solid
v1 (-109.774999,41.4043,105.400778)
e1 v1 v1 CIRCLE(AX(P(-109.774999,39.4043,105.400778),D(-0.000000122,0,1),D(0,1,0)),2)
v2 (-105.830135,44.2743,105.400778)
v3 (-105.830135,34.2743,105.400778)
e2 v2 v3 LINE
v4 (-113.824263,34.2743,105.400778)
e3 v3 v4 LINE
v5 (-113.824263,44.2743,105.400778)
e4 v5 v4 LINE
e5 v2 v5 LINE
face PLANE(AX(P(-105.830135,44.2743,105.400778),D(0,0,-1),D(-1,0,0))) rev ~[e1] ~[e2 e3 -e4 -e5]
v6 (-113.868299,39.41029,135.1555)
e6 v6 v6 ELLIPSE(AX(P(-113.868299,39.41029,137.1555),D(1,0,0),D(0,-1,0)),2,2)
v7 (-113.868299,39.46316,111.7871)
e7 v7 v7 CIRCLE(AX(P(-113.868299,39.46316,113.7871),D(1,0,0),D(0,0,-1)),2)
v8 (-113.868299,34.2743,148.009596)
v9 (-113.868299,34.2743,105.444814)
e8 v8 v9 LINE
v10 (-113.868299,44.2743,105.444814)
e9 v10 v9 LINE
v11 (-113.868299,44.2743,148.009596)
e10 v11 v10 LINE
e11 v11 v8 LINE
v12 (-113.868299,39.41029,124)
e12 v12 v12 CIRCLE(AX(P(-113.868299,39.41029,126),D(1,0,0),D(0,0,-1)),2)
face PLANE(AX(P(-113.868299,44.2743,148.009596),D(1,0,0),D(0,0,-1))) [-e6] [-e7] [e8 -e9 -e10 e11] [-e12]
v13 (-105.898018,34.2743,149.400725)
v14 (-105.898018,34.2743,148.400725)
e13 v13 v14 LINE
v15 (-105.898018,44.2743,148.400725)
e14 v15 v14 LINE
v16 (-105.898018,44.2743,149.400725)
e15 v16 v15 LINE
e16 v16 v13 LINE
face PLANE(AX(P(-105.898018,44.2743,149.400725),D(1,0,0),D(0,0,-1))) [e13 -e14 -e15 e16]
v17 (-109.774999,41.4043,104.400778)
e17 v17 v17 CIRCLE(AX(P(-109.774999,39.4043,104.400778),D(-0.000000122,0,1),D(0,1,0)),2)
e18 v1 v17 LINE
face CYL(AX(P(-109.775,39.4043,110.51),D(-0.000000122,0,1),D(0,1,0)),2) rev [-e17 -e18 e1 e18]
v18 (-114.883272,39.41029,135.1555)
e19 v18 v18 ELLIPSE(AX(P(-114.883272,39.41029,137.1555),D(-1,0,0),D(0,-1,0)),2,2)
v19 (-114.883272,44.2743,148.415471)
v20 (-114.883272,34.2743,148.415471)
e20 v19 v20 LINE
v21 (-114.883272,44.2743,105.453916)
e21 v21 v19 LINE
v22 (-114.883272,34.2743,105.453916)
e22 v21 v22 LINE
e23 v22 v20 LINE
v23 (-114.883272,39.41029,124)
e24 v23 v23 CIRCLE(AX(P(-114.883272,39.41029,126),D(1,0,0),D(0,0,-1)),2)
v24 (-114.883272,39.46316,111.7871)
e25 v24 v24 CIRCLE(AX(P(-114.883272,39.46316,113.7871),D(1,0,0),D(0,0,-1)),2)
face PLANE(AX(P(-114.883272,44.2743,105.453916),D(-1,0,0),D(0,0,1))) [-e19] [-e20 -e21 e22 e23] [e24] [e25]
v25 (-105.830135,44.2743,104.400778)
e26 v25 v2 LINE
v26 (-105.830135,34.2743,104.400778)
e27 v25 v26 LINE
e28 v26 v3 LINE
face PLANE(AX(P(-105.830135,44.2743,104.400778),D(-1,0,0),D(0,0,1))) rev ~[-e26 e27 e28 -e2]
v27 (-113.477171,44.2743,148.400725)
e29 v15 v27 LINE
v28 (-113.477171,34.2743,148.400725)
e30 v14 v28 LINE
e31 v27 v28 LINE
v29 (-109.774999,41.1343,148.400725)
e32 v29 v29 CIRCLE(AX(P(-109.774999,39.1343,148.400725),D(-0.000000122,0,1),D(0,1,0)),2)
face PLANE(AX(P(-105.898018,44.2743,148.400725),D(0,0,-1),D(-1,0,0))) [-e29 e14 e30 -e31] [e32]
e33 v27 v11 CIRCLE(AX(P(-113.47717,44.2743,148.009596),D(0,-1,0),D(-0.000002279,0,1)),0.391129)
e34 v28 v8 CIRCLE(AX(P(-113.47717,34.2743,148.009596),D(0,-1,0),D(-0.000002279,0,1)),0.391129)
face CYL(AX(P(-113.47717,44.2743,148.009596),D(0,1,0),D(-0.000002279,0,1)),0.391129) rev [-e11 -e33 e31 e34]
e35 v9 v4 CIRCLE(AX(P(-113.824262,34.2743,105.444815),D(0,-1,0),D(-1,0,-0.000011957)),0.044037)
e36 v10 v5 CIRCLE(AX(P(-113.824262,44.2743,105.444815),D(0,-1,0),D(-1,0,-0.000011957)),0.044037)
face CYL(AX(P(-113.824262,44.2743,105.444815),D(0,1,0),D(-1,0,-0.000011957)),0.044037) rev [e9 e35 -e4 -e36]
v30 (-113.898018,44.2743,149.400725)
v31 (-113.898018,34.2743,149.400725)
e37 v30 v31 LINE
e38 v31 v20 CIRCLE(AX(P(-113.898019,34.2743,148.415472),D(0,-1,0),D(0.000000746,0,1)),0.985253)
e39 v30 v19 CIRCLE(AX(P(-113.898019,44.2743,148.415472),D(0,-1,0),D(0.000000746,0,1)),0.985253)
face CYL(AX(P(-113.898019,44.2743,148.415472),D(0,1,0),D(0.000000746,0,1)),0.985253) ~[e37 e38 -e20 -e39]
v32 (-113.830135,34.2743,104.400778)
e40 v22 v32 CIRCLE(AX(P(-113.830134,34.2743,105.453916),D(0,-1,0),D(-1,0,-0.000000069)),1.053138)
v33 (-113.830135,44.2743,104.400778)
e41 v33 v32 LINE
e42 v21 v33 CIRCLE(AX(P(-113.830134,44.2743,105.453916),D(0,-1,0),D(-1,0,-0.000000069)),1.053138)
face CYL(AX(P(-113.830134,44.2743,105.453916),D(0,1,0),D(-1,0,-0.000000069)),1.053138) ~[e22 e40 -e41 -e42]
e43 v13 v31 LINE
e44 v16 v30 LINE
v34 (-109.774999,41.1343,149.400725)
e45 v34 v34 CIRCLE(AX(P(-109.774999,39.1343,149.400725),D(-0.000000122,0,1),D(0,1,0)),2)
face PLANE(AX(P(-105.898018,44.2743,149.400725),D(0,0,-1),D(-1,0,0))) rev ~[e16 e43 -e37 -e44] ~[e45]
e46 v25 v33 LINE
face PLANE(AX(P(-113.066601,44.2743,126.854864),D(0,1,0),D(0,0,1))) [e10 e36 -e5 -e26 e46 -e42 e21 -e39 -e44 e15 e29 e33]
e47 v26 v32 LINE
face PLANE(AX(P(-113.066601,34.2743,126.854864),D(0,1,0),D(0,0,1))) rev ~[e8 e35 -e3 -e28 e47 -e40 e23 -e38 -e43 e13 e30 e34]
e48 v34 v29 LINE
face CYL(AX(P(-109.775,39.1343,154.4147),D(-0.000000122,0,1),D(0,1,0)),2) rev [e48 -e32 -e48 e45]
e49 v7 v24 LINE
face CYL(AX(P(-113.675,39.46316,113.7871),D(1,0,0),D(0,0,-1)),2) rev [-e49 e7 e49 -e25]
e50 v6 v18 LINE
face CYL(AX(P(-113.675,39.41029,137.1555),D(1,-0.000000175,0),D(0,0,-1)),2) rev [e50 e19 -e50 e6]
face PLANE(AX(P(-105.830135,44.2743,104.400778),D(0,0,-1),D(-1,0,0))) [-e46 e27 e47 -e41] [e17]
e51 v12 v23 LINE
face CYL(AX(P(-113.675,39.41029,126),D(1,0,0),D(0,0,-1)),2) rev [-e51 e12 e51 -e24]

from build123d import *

# Parameters (mm, degrees)
CYLINDER030_R               = 2
CYLINDER030_DEPTH           = 10
CYLINDER030_PITCH_ANGLE     = 90
CYLINDER030_PLACEMENT_ANGLE = 7e-06
CYLINDER031_R               = 2
CYLINDER031_DEPTH           = 10
CYLINDER031_PITCH_ANGLE     = 90
CYLINDER031_PLACEMENT_ANGLE = 7e-06
CYLINDER026_R               = 2
CYLINDER026_DEPTH           = 2
CYLINDER026_ROLL_ANGLE      = -88.507054
CYLINDER026_PITCH_ANGLE     = -87.01751
CYLINDER026_PLACEMENT_ANGLE = -92.244015
CYLINDER028_R               = 2
CYLINDER028_DEPTH           = 2
CYLINDER028_PLACEMENT_ANGLE = 90.00001
CYLINDER029_R               = 2
CYLINDER029_DEPTH           = 2
CYLINDER029_ROLL_ANGLE      = 90
CYLINDER027_R               = 2
CYLINDER027_DEPTH           = 2
CYLINDER027_ROLL_ANGLE      = 90
CYLINDER025_R               = 2
CYLINDER025_DEPTH           = 2
CYLINDER025_ROLL_ANGLE      = -88.507054
CYLINDER025_PITCH_ANGLE     = -87.01751
CYLINDER025_PLACEMENT_ANGLE = -92.244015
PAD006_DEPTH                = 10
CUT035_PITCH_ANGLE          = 90
CUT035_PLACEMENT_ANGLE      = -90


with BuildPart() as cylinder030:
    # Cylinder030 → Cylinder030 (new body)
    with BuildSketch(Plane.XY):
        Circle(CYLINDER030_R)
    extrude(amount=CYLINDER030_DEPTH)


with BuildPart() as cylinder030_1:
    # Cylinder030 pitch: moved
    add(cylinder030.part.rotate(Axis((0, 0, 0), (0, 1, 0)), CYLINDER030_PITCH_ANGLE))


with BuildPart() as cylinder030_2:
    # Cylinder030 placement: moved
    add(cylinder030_1.part.moved(Location((15.49, 3.9, 4.87))).rotate(Axis((15.49, 3.9, 4.87), (0, 0, 1)), CYLINDER030_PLACEMENT_ANGLE))


with BuildPart() as cylinder031:
    # Cylinder031 → Cylinder031 (new body)
    with BuildSketch(Plane.XY):
        Circle(CYLINDER031_R)
    extrude(amount=CYLINDER031_DEPTH)


with BuildPart() as cylinder031_1:
    # Cylinder031 pitch: moved
    add(cylinder031.part.rotate(Axis((0, 0, 0), (0, 1, 0)), CYLINDER031_PITCH_ANGLE))


with BuildPart() as cylinder031_2:
    # Cylinder031 placement: moved
    add(cylinder031_1.part.moved(Location((-28.4147, 3.9, 5.14))).rotate(Axis((-28.4147, 3.9, 5.14), (0, 0, 1)), CYLINDER031_PLACEMENT_ANGLE))


with BuildPart() as cylinder026:
    # Cylinder026 → Cylinder026 (new body)
    with BuildSketch(Plane.XY):
        Circle(CYLINDER026_R)
    extrude(amount=CYLINDER026_DEPTH)


with BuildPart() as cylinder026_1:
    # Cylinder026 roll: moved
    add(cylinder026.part.rotate(Axis((0, 0, 0), (1, 0, 0)), CYLINDER026_ROLL_ANGLE))


with BuildPart() as cylinder026_2:
    # Cylinder026 pitch: moved
    add(cylinder026_1.part.rotate(Axis((0, 0, 0), (0, 1, 0)), CYLINDER026_PITCH_ANGLE))


with BuildPart() as cylinder026_3:
    # Cylinder026 placement: moved
    add(cylinder026_2.part.moved(Location((-26, 5.29, 4.9))).rotate(Axis((-26, 5.29, 4.9), (0, 0, 1)), CYLINDER026_PLACEMENT_ANGLE))


with BuildPart() as cylinder028:
    # Cylinder028 → Cylinder028 (new body)
    with BuildSketch(Plane.XY):
        Circle(CYLINDER028_R)
    extrude(amount=CYLINDER028_DEPTH)


with BuildPart() as cylinder028_1:
    # Cylinder028 placement: moved
    add(cylinder028.part.moved(Location((-11.1555, 0, 4.86401))).rotate(Axis((-11.1555, 0, 4.86401), (1, 0, 0)), CYLINDER028_PLACEMENT_ANGLE))


with BuildPart() as cylinder029:
    # Cylinder029 → Cylinder029 (new body)
    with BuildSketch(Plane.XY):
        Circle(CYLINDER029_R)
    extrude(amount=CYLINDER029_DEPTH)


with BuildPart() as cylinder029_1:
    # Cylinder029 roll: moved
    add(cylinder029.part.rotate(Axis((0, 0, 0), (1, 0, 0)), CYLINDER029_ROLL_ANGLE))


with BuildPart() as cylinder029_2:
    # Cylinder029 placement: moved
    add(cylinder029_1.part.moved(Location((0, 0, 4.86401))))


with BuildPart() as cylinder027:
    # Cylinder027 → Cylinder027 (new body)
    with BuildSketch(Plane.XY):
        Circle(CYLINDER027_R)
    extrude(amount=CYLINDER027_DEPTH)


with BuildPart() as cylinder027_1:
    # Cylinder027 roll: moved
    add(cylinder027.part.rotate(Axis((0, 0, 0), (1, 0, 0)), CYLINDER027_ROLL_ANGLE))


with BuildPart() as cylinder027_2:
    # Cylinder027 placement: moved
    add(cylinder027_1.part.moved(Location((12.2129, 0, 4.81114))))


with BuildPart() as cylinder025:
    # Cylinder025 → Cylinder025 (new body)
    with BuildSketch(Plane.XY):
        Circle(CYLINDER025_R)
    extrude(amount=CYLINDER025_DEPTH)


with BuildPart() as cylinder025_1:
    # Cylinder025 roll: moved
    add(cylinder025.part.rotate(Axis((0, 0, 0), (1, 0, 0)), CYLINDER025_ROLL_ANGLE))


with BuildPart() as cylinder025_2:
    # Cylinder025 pitch: moved
    add(cylinder025_1.part.rotate(Axis((0, 0, 0), (0, 1, 0)), CYLINDER025_PITCH_ANGLE))


with BuildPart() as cylinder025_3:
    # Cylinder025 placement: moved
    add(cylinder025_2.part.moved(Location((25, 5.38, 4.9))).rotate(Axis((25, 5.38, 4.9), (0, 0, 1)), CYLINDER025_PLACEMENT_ANGLE))


with BuildPart() as cut035:
    # Sketch007 → Pad006 (new body)
    with BuildSketch(Plane.XY):
        with BuildLine():
            Line((20.546084, -1.208272), (-22.415471, -1.208272))
            ThreePointArc((-23.400725, -0.223018), (-23.112151, -0.919698), (-22.415471, -1.208272))
            Line((-23.400725, 7.776982), (-23.400725, -0.223018))
            Line((-23.400725, 7.776982), (-22.400725, 7.776982))
            Line((-22.400725, 7.776982), (-22.400725, 0.197829))
            ThreePointArc((-22.400725, 0.197829), (-22.286166, -0.07874), (-22.009596, -0.193299))
            Line((-22.009596, -0.193299), (20.555186, -0.193299))
            ThreePointArc((20.555186, -0.193299), (20.586324, -0.180401), (20.599222, -0.149263))
            Line((20.599222, 7.844865), (20.599222, -0.149263))
            Line((21.599222, 7.844865), (20.599222, 7.844865))
            Line((21.599222, 7.844865), (21.599222, -0.155135))
            ThreePointArc((20.546084, -1.208272), (21.290765, -0.899815), (21.599222, -0.155135))
        make_face()
    extrude(amount=PAD006_DEPTH)

    # Cut005: cut Cylinder025
    add(cylinder025_3.part, mode=Mode.SUBTRACT)

    # Cut006: cut Cylinder027
    add(cylinder027_2.part, mode=Mode.SUBTRACT)

    # Cut007: cut Cylinder029
    add(cylinder029_2.part, mode=Mode.SUBTRACT)

    # Cut008: cut Cylinder028
    add(cylinder028_1.part, mode=Mode.SUBTRACT)

    # Cut009: cut Cylinder026
    add(cylinder026_3.part, mode=Mode.SUBTRACT)

    # Cut018: cut Cylinder031
    add(cylinder031_2.part, mode=Mode.SUBTRACT)

    # Cut035: cut Cylinder030
    add(cylinder030_2.part, mode=Mode.SUBTRACT)


with BuildPart() as cut035_1:
    # Cut035 pitch: moved
    add(cut035.part.rotate(Axis((0, 0, 0), (0, 1, 0)), CUT035_PITCH_ANGLE))


with BuildPart() as cut035_2:
    # Cut035 placement: moved
    add(cut035_1.part.moved(Location((-113.675, 44.2743, 126))).rotate(Axis((-113.675, 44.2743, 126), (0, 0, 1)), CUT035_PLACEMENT_ANGLE))


solid = cut035_2.part
